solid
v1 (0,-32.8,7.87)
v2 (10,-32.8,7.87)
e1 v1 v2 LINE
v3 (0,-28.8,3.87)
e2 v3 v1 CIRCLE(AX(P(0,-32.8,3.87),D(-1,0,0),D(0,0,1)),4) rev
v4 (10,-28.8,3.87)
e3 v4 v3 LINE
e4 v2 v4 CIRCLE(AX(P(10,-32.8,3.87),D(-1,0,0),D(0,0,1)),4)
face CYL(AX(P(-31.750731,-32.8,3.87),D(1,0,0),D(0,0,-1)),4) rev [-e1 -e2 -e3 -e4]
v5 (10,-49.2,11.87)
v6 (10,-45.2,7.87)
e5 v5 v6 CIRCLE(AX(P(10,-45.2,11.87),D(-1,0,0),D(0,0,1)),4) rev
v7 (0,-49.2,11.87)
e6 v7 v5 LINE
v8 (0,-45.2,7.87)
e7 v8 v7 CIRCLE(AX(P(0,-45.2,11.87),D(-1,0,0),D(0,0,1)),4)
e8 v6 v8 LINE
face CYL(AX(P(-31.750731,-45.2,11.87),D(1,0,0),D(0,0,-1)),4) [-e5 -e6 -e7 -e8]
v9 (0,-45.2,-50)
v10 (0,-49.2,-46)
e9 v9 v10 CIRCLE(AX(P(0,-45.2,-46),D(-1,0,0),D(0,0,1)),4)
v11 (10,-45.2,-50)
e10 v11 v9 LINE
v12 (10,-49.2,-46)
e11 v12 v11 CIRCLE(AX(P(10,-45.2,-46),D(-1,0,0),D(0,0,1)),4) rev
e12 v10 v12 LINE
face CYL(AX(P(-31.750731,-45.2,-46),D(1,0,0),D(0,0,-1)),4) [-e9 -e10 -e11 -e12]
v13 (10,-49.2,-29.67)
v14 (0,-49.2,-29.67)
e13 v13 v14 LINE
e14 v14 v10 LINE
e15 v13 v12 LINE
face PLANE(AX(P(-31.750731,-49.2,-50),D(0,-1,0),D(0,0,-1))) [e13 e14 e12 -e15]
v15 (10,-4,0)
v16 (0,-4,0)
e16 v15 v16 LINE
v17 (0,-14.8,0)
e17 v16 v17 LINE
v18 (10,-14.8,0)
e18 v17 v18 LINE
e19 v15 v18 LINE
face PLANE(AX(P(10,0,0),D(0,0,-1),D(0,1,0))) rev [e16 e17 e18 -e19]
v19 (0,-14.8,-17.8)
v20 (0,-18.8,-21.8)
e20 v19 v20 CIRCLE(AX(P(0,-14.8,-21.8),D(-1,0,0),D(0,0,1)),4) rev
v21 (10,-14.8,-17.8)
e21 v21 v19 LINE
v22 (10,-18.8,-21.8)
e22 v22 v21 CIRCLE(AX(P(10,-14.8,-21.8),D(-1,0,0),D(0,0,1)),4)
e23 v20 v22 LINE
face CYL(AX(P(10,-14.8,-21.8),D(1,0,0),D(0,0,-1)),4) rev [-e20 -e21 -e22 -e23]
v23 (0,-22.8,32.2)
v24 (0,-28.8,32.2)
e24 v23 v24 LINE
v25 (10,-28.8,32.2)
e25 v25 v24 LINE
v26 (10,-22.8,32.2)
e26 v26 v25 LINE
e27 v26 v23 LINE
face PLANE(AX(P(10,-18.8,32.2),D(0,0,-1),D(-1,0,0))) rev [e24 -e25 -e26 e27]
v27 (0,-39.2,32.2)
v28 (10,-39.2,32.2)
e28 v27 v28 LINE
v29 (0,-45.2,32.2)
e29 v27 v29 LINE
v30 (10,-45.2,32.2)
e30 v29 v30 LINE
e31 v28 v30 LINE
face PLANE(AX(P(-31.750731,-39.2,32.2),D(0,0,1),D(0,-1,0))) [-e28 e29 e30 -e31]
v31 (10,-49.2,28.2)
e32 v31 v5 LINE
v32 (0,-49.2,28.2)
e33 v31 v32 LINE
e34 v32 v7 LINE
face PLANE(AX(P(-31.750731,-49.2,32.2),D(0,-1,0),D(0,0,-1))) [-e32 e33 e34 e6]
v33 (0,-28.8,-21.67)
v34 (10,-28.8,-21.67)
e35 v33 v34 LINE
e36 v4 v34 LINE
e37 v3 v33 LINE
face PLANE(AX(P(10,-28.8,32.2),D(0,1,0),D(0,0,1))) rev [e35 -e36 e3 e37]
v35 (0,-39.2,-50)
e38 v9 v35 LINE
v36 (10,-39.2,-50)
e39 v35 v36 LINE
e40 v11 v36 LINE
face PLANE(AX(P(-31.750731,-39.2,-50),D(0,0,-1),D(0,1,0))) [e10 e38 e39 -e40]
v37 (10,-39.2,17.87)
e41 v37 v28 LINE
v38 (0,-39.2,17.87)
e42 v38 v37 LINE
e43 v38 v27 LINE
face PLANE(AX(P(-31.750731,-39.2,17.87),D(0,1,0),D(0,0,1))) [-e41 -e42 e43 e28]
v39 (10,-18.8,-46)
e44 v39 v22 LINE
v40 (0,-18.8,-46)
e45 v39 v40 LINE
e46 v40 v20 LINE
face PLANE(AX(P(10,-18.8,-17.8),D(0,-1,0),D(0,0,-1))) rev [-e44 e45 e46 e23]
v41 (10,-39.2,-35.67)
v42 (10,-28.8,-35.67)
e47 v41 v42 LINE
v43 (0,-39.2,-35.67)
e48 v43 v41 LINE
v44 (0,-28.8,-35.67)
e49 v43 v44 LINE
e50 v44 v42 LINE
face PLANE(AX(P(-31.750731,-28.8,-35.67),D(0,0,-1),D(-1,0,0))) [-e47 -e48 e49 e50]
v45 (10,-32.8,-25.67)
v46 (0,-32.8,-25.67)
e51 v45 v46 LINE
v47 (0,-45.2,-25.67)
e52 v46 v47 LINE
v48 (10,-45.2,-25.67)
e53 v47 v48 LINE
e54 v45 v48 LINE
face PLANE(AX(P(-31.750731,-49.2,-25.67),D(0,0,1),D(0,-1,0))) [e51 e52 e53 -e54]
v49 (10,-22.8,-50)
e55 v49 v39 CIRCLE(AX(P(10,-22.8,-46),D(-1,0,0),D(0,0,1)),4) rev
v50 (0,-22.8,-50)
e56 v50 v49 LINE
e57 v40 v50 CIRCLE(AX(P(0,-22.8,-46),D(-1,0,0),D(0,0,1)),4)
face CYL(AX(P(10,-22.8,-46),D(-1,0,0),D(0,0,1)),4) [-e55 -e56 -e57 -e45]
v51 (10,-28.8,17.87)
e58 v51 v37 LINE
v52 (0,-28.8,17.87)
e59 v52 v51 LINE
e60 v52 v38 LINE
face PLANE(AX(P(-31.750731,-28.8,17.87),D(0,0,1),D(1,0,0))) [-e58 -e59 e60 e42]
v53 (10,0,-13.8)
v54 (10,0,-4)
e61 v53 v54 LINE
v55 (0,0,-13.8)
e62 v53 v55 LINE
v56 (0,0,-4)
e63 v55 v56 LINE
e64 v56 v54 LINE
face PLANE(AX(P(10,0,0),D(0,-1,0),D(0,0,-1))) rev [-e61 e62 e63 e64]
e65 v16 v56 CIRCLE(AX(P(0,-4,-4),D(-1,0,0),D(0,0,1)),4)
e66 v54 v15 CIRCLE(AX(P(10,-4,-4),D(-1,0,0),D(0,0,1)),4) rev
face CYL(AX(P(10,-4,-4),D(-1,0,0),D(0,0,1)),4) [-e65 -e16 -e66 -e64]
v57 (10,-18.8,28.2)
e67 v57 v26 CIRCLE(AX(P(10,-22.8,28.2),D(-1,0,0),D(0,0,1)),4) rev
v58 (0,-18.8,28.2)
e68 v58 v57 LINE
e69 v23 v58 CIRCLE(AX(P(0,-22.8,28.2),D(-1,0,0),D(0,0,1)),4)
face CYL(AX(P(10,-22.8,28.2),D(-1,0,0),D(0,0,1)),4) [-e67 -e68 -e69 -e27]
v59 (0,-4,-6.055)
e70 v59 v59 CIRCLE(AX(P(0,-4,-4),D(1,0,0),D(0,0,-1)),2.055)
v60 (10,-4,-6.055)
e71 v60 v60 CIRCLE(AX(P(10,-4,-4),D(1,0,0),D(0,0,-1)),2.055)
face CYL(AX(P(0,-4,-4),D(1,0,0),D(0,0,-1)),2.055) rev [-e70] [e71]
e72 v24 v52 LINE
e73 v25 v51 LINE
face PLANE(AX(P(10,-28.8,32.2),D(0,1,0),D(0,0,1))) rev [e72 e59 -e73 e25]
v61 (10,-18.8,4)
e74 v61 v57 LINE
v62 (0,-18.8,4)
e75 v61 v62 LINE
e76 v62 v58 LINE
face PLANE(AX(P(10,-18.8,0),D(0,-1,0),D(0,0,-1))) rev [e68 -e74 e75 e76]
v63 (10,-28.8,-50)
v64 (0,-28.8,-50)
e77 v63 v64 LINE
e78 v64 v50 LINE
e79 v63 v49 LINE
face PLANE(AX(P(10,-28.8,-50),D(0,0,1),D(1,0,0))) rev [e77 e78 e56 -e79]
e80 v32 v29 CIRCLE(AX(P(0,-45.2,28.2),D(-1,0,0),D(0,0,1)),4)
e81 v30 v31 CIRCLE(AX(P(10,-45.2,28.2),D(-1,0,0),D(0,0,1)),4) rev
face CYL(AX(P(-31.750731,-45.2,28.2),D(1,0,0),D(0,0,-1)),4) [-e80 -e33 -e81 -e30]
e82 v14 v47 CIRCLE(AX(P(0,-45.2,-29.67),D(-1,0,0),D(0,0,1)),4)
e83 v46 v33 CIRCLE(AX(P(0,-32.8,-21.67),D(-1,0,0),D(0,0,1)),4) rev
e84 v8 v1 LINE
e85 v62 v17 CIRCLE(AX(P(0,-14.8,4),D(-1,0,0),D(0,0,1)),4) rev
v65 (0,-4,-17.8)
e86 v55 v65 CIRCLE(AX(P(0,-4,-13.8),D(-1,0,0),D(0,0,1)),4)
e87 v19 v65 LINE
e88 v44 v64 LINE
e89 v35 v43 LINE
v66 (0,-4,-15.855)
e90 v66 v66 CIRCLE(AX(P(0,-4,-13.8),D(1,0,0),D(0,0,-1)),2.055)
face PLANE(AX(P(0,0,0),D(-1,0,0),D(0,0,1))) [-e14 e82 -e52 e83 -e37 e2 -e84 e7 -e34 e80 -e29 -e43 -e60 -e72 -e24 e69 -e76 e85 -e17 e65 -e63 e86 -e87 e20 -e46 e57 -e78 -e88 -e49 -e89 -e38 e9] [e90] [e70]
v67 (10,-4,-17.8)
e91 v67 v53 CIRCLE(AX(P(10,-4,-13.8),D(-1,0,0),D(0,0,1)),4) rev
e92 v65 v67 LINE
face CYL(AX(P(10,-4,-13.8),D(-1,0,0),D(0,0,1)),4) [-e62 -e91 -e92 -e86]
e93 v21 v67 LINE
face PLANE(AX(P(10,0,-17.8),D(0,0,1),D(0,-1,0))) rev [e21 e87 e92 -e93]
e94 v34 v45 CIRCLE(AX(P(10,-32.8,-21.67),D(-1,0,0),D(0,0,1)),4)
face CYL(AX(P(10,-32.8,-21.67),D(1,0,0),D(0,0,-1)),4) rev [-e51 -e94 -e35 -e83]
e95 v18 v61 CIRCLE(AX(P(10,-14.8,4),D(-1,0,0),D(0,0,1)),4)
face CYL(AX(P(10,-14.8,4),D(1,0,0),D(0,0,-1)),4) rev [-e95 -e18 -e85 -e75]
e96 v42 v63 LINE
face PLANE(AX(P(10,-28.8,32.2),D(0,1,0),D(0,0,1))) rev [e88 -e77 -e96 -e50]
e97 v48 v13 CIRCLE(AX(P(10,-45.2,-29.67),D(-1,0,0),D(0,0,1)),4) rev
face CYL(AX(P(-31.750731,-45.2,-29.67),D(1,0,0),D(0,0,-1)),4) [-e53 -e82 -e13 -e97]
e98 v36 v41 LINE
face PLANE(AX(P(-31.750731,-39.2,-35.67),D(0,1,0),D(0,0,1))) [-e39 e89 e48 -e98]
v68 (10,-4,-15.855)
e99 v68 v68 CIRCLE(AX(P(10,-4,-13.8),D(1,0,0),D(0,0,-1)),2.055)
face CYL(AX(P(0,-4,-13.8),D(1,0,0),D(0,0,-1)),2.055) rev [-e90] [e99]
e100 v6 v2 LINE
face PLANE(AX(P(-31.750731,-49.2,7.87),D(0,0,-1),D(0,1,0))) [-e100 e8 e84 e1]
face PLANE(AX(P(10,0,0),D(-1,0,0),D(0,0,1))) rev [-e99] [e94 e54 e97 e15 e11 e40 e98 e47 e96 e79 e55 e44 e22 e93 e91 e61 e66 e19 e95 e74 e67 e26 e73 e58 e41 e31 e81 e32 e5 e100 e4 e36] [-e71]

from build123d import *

# Parameters (mm, degrees)
BOSS_EXTRUDE1_DEPTH = 10
SKETCH3_R           = 2.055
CUT_EXTRUDE1_DEPTH  = 11
BOSS_EXTRUDE2_DEPTH = 10
FILLET1_R           = 4
FILLET2_R           = 4


with BuildPart() as part:
    # Sketch1 → Boss-Extrude1 (new body)
    with BuildSketch(Plane(origin=(0, 0, 0), x_dir=(0, 0, -1), z_dir=(1, 0, 0))):
        Polygon((17.8, -18.8), (50, -18.8), (50, -28.8), (-32.2, -28.8), (-32.2, -18.8), (0, -18.8), (0, 0), (17.8, 0), align=None)
    extrude(amount=BOSS_EXTRUDE1_DEPTH)

    # Sketch3 → Cut-Extrude1 (cut, through all)
    with BuildSketch(Plane(origin=(10, 0, 0), x_dir=(0, 0, -1), z_dir=(1, 0, 0))):
        with Locations((4, -4)):
            Circle(SKETCH3_R)
        with Locations((13.8, -4)):
            Circle(SKETCH3_R)
    extrude(amount=-CUT_EXTRUDE1_DEPTH, mode=Mode.SUBTRACT)

    # Sketch4 → Boss-Extrude2 (add)
    with BuildSketch(Plane(origin=(10, 0, 0), x_dir=(0, 0, -1), z_dir=(1, 0, 0))):
        Polygon((-17.87, -28.8), (-17.87, -39.2), (-32.2, -39.2), (-32.2, -49.2), (-7.87, -49.2), (-7.87, -28.8), align=None)
        Polygon((35.67, -28.8), (25.67, -28.8), (25.67, -49.2), (50, -49.2), (50, -39.2), (35.67, -39.2), align=None)
    extrude(amount=-BOSS_EXTRUDE2_DEPTH)

    # Fillet1
    fillet1_edges = [part.edges().sort_by_distance(p)[0] for p in [
        (5, 0, 0),
        (5, 0, -17.8),
    ]]
    fillet(fillet1_edges, radius=FILLET1_R)

    # Fillet2
    fillet2_edges = [part.edges().sort_by_distance(p)[0] for p in [
        (5, -18.8, -17.8),
        (5, -18.8, -50),
        (5, -18.8, 32.2),
        (5, -18.8, 0),
        (5, -49.2, 32.2),
        (5, -49.2, 7.87),
        (5, -28.8, 7.87),
        (5, -28.8, -25.67),
        (5, -49.2, -25.67),
        (5, -49.2, -50),
    ]]
    fillet(fillet2_edges, radius=FILLET2_R)


solid = part.part
